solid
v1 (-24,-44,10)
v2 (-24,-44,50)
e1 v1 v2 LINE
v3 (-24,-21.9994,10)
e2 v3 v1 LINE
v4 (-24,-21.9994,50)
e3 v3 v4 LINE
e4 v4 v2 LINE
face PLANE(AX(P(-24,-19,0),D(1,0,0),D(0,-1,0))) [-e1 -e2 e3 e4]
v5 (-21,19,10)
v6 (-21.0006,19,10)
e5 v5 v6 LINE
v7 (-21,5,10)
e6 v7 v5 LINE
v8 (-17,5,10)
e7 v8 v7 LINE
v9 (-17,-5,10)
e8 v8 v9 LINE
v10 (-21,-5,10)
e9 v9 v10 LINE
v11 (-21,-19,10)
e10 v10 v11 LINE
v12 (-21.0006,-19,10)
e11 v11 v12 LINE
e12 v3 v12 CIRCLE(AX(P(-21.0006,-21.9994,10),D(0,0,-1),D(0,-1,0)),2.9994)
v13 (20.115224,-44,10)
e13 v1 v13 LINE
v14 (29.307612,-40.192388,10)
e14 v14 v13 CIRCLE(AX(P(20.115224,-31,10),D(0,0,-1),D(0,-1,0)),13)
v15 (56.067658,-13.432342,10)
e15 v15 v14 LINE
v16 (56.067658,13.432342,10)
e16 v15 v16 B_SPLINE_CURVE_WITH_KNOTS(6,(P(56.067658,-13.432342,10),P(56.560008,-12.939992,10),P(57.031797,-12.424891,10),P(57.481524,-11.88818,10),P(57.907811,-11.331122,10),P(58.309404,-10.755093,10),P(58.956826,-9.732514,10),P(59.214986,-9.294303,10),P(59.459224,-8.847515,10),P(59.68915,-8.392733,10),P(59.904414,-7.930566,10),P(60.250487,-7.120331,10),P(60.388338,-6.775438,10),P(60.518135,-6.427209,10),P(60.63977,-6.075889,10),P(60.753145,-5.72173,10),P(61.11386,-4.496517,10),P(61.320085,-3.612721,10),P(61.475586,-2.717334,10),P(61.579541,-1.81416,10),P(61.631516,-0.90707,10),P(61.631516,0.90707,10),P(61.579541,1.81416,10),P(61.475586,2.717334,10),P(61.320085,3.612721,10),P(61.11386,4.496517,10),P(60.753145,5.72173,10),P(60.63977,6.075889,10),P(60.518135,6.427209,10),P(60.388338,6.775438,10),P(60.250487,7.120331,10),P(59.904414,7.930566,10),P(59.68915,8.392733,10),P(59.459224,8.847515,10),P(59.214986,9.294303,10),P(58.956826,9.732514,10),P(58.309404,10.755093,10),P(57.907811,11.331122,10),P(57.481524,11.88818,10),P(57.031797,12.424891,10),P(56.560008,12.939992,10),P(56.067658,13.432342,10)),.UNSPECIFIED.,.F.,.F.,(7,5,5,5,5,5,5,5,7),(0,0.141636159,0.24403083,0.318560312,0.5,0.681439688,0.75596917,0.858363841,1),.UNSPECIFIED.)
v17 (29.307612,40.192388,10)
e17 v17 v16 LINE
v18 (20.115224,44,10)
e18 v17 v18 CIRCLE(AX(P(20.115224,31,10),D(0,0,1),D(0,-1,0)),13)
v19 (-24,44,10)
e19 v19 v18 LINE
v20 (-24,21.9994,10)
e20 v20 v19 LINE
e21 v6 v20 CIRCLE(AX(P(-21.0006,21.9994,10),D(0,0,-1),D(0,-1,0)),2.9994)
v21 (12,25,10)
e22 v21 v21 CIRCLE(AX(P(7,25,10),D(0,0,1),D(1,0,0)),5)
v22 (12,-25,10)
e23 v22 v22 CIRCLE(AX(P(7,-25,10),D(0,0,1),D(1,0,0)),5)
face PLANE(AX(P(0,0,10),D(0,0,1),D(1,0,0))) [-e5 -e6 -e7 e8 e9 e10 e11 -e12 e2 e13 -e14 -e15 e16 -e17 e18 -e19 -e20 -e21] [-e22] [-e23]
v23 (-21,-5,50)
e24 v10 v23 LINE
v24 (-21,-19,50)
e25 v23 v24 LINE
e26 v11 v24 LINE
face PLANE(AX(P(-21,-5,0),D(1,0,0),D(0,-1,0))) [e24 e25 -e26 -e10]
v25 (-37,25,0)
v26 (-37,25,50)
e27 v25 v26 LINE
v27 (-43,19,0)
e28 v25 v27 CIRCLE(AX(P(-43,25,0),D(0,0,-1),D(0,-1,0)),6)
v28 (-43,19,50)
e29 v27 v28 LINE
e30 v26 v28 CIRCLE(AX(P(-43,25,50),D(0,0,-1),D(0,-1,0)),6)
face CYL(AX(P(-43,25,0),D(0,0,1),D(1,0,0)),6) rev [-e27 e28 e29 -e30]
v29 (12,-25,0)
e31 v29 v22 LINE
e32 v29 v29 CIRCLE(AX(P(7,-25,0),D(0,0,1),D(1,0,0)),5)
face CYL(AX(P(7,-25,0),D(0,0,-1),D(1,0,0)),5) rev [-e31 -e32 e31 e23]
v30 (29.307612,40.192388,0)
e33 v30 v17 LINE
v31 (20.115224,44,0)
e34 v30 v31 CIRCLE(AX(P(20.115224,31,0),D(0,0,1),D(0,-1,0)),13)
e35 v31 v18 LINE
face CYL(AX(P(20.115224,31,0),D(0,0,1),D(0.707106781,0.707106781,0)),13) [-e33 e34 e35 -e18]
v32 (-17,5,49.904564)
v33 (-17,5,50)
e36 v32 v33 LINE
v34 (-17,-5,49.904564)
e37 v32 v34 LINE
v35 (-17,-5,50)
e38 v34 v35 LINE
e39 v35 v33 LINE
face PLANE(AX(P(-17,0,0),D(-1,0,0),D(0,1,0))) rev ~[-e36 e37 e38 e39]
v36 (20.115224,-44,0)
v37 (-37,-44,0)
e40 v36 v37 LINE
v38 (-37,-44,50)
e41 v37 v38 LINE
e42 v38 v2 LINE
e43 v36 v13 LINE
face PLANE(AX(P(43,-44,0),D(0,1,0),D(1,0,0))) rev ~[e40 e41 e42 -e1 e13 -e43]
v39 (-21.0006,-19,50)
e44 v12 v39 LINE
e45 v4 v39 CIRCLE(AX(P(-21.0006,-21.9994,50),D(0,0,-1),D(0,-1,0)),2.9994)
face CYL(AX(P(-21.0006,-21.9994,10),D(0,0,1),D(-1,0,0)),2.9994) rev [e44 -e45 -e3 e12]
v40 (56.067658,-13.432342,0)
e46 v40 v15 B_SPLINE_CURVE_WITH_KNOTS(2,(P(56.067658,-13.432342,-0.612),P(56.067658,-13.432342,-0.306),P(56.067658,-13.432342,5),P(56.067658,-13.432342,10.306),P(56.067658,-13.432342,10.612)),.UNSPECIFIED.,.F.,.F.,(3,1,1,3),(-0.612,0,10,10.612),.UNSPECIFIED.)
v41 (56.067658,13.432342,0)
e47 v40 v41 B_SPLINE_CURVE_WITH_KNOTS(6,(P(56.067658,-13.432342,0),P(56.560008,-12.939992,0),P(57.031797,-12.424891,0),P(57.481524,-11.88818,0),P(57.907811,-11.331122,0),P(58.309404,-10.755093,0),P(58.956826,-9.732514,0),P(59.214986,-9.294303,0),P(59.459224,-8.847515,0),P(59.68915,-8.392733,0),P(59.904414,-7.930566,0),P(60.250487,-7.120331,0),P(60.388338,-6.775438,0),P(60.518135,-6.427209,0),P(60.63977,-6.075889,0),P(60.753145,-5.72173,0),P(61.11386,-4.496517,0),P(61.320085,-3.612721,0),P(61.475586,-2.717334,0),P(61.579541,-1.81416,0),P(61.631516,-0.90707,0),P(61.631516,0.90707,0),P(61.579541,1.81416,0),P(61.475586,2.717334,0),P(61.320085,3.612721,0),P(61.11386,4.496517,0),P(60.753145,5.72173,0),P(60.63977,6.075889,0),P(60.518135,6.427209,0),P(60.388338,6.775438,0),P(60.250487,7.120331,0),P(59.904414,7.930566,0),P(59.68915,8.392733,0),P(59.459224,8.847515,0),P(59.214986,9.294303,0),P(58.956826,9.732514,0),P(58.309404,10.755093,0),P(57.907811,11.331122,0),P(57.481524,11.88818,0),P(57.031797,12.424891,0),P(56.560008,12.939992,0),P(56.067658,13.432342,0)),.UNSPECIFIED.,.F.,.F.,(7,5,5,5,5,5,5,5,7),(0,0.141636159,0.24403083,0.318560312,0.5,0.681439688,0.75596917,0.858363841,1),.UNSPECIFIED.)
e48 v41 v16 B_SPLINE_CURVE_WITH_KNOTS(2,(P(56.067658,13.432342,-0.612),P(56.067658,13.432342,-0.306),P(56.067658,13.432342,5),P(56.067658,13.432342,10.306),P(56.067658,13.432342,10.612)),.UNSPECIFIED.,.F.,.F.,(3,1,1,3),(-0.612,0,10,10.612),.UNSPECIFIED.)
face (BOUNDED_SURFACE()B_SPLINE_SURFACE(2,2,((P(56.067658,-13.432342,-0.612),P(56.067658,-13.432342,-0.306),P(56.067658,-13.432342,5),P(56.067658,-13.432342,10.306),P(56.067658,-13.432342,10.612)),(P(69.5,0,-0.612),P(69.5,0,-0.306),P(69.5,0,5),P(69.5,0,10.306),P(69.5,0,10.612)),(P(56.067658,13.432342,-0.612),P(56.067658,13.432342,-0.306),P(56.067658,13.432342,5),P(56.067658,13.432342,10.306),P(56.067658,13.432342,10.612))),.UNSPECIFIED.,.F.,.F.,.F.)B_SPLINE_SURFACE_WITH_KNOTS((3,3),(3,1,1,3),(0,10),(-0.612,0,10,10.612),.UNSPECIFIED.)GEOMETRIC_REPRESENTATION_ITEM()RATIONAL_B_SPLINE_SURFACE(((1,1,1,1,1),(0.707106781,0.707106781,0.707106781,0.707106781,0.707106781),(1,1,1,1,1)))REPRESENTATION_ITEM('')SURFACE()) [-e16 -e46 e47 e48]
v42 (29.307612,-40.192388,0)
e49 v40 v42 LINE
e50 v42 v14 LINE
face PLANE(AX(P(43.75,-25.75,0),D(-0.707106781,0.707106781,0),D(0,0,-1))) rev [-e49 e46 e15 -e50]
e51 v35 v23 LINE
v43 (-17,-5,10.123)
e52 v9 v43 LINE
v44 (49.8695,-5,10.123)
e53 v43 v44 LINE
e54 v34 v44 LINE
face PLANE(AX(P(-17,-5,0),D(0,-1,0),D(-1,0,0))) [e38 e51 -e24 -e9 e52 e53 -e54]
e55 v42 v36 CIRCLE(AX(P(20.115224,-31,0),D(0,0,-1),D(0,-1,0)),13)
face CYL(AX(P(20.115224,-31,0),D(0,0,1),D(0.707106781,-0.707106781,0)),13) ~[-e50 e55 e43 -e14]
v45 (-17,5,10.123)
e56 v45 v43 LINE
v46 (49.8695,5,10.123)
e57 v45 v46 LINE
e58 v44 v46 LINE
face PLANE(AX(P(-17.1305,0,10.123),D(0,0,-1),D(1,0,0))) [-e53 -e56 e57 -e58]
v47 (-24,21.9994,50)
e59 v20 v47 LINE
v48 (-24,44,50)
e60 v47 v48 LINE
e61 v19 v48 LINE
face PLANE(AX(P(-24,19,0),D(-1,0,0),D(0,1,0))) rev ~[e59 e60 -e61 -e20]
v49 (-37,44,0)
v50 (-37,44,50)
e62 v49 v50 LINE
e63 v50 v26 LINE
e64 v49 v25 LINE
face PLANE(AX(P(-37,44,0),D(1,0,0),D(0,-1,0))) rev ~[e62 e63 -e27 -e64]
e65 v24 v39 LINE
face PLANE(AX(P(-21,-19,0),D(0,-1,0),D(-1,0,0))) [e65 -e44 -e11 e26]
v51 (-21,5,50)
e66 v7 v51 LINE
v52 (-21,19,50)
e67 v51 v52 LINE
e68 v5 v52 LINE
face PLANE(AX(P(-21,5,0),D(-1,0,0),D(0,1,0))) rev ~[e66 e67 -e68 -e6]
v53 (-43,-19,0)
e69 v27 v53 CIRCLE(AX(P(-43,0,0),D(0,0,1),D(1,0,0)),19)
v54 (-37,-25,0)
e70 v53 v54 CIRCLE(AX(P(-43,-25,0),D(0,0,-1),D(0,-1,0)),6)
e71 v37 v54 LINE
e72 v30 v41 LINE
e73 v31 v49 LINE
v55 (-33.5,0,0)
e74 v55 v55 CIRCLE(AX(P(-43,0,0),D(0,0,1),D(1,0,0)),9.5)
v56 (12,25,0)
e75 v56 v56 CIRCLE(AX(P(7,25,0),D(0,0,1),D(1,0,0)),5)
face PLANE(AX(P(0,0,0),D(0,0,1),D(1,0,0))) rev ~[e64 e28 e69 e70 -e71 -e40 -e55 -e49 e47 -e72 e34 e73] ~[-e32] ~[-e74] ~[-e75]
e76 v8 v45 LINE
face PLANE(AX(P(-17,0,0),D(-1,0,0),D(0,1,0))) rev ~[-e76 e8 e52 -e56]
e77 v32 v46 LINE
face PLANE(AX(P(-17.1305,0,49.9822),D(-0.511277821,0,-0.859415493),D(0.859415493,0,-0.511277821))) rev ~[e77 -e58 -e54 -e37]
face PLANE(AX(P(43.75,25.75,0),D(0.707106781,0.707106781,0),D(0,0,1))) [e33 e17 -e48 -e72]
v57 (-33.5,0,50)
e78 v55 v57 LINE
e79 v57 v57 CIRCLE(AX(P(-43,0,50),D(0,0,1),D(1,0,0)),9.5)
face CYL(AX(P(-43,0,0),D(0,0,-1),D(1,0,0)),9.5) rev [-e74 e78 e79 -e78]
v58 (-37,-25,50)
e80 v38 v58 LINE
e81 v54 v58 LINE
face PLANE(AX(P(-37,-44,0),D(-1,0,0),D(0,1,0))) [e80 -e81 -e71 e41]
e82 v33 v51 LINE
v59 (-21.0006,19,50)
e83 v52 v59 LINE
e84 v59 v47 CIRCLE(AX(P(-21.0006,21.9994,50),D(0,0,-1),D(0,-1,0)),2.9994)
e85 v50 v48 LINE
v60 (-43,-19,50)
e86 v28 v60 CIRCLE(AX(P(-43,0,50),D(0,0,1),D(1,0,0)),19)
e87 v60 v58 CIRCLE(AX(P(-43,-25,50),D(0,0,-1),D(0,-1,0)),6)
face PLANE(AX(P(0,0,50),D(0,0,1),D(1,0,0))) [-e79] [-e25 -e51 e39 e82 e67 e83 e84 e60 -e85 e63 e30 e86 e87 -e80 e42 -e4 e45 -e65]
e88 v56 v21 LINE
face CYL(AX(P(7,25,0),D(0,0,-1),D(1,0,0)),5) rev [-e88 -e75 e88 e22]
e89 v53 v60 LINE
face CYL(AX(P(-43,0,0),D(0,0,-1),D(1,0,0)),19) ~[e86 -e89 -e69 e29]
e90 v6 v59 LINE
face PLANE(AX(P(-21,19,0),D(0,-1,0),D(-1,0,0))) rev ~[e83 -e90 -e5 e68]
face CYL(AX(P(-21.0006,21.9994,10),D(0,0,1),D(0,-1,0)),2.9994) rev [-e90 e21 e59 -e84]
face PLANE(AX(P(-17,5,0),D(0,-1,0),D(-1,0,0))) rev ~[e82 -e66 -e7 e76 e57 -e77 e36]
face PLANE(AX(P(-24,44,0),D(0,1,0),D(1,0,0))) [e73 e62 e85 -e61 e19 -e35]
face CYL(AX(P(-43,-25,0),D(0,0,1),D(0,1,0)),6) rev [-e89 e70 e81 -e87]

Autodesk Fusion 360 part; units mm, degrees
sketch "Sketch1" plane through (0, 0, 0) normal (0, 0, 1) x (1, 0, 0)
  circle A0 centre (-43, 0) radius 19
  circle A1 centre (-43, 0) radius 9.5
  line L0 (-37, 44) -> (-37, 18.0278)
  line L1 (-37, -44) -> (-37, -18.0278)
  line L2 (-37, -44) -> (43, -44)
  line L3 (-37, 44) -> (43, 44)
  line L4 (-37, 44) -> (-24, 44)
  line L5 (-24, 0) -> (-21, 0)
  line L6 (-21, 19) -> (-24, 19)
  line L7 (-21, -19) -> (-24, -19)
  line L8 (-24, 19) -> (-24, 44)
  line L9 (-24, -19) -> (-24, -44)
  line L10 (-21, 0) -> (-17, 0)
  line L11 (-17, 0) -> (-17, 5)
  line L12 (-17, 0) -> (-17, -5)
  line L13 (-17, 5) -> (-21, 5)
  line L14 (-17, -5) -> (-21, -5)
  line L15 (-21, -5) -> (-21, -19)
  line L16 (-21, 5) -> (-21, 19)
  circle A2 centre (7, 25) radius 5
  circle A3 centre (7, -25) radius 5
  line L17 (43, 44) -> (62, 44)
  line L18 (62, 44) -> (62, -44)
  line L19 (43, -44) -> (62, -44)
  dimension "d8" = 13
  dimension "d21" = 19
  dimension "d22" = 88
extrude "Extrude1" add sketch "Sketch1" along normal blind 50 contours A0 | A0 L1 L2 L5 L7 L9 L10 L12 L14 L15 | A0 L0 L3 L4 L5 L6 L8 L10 L11 L13 L16
extrude "Extrude2" add sketch "Sketch1" along normal blind 10 contours L2 L3 L6 L7 L8 L9 L11 L12 L13 L14 L15 L16 L17 L18 L19
chamfer "Chamfer1" distance 36.5 angle 45 2 edges at (62, -44, 5) (62, 44, 5)
fillet "Fillet1" radius 19 2 edges at (62, -7.5, 5) (62, 7.5, 5)
fillet "Fillet2" radius 13 1 edges at (25.5, -44, 5)
fillet "Fillet3" radius 13 1 edges at (25.5, 44, 5)
fillet "Fillet4" radius 3 1 edges at (-24, -19, 30)
fillet "Fillet5" radius 3 1 edges at (-24, 19, 30)
fillet "Fillet6" radius 6 1 edges at (-37, 18.0278, 25)
fillet "Fillet7" radius 6 1 edges at (-37, -18.0278, 25)
sketch "Sketch2" plane through (0, 0, 0) normal (0, 1, 0) x (1, 0, 0)
  line L0 (-17.1305, -49.9822) -> (-17.1305, -10.123)
  line L1 (-17.1305, -10.123) -> (49.8695, -10.123)
  line L2 (-17.1305, -49.9822) -> (49.8695, -10.123)
  dimension "d42" = 67
extrude "Extrude3" add sketch "Sketch2" along normal mid plane 10
